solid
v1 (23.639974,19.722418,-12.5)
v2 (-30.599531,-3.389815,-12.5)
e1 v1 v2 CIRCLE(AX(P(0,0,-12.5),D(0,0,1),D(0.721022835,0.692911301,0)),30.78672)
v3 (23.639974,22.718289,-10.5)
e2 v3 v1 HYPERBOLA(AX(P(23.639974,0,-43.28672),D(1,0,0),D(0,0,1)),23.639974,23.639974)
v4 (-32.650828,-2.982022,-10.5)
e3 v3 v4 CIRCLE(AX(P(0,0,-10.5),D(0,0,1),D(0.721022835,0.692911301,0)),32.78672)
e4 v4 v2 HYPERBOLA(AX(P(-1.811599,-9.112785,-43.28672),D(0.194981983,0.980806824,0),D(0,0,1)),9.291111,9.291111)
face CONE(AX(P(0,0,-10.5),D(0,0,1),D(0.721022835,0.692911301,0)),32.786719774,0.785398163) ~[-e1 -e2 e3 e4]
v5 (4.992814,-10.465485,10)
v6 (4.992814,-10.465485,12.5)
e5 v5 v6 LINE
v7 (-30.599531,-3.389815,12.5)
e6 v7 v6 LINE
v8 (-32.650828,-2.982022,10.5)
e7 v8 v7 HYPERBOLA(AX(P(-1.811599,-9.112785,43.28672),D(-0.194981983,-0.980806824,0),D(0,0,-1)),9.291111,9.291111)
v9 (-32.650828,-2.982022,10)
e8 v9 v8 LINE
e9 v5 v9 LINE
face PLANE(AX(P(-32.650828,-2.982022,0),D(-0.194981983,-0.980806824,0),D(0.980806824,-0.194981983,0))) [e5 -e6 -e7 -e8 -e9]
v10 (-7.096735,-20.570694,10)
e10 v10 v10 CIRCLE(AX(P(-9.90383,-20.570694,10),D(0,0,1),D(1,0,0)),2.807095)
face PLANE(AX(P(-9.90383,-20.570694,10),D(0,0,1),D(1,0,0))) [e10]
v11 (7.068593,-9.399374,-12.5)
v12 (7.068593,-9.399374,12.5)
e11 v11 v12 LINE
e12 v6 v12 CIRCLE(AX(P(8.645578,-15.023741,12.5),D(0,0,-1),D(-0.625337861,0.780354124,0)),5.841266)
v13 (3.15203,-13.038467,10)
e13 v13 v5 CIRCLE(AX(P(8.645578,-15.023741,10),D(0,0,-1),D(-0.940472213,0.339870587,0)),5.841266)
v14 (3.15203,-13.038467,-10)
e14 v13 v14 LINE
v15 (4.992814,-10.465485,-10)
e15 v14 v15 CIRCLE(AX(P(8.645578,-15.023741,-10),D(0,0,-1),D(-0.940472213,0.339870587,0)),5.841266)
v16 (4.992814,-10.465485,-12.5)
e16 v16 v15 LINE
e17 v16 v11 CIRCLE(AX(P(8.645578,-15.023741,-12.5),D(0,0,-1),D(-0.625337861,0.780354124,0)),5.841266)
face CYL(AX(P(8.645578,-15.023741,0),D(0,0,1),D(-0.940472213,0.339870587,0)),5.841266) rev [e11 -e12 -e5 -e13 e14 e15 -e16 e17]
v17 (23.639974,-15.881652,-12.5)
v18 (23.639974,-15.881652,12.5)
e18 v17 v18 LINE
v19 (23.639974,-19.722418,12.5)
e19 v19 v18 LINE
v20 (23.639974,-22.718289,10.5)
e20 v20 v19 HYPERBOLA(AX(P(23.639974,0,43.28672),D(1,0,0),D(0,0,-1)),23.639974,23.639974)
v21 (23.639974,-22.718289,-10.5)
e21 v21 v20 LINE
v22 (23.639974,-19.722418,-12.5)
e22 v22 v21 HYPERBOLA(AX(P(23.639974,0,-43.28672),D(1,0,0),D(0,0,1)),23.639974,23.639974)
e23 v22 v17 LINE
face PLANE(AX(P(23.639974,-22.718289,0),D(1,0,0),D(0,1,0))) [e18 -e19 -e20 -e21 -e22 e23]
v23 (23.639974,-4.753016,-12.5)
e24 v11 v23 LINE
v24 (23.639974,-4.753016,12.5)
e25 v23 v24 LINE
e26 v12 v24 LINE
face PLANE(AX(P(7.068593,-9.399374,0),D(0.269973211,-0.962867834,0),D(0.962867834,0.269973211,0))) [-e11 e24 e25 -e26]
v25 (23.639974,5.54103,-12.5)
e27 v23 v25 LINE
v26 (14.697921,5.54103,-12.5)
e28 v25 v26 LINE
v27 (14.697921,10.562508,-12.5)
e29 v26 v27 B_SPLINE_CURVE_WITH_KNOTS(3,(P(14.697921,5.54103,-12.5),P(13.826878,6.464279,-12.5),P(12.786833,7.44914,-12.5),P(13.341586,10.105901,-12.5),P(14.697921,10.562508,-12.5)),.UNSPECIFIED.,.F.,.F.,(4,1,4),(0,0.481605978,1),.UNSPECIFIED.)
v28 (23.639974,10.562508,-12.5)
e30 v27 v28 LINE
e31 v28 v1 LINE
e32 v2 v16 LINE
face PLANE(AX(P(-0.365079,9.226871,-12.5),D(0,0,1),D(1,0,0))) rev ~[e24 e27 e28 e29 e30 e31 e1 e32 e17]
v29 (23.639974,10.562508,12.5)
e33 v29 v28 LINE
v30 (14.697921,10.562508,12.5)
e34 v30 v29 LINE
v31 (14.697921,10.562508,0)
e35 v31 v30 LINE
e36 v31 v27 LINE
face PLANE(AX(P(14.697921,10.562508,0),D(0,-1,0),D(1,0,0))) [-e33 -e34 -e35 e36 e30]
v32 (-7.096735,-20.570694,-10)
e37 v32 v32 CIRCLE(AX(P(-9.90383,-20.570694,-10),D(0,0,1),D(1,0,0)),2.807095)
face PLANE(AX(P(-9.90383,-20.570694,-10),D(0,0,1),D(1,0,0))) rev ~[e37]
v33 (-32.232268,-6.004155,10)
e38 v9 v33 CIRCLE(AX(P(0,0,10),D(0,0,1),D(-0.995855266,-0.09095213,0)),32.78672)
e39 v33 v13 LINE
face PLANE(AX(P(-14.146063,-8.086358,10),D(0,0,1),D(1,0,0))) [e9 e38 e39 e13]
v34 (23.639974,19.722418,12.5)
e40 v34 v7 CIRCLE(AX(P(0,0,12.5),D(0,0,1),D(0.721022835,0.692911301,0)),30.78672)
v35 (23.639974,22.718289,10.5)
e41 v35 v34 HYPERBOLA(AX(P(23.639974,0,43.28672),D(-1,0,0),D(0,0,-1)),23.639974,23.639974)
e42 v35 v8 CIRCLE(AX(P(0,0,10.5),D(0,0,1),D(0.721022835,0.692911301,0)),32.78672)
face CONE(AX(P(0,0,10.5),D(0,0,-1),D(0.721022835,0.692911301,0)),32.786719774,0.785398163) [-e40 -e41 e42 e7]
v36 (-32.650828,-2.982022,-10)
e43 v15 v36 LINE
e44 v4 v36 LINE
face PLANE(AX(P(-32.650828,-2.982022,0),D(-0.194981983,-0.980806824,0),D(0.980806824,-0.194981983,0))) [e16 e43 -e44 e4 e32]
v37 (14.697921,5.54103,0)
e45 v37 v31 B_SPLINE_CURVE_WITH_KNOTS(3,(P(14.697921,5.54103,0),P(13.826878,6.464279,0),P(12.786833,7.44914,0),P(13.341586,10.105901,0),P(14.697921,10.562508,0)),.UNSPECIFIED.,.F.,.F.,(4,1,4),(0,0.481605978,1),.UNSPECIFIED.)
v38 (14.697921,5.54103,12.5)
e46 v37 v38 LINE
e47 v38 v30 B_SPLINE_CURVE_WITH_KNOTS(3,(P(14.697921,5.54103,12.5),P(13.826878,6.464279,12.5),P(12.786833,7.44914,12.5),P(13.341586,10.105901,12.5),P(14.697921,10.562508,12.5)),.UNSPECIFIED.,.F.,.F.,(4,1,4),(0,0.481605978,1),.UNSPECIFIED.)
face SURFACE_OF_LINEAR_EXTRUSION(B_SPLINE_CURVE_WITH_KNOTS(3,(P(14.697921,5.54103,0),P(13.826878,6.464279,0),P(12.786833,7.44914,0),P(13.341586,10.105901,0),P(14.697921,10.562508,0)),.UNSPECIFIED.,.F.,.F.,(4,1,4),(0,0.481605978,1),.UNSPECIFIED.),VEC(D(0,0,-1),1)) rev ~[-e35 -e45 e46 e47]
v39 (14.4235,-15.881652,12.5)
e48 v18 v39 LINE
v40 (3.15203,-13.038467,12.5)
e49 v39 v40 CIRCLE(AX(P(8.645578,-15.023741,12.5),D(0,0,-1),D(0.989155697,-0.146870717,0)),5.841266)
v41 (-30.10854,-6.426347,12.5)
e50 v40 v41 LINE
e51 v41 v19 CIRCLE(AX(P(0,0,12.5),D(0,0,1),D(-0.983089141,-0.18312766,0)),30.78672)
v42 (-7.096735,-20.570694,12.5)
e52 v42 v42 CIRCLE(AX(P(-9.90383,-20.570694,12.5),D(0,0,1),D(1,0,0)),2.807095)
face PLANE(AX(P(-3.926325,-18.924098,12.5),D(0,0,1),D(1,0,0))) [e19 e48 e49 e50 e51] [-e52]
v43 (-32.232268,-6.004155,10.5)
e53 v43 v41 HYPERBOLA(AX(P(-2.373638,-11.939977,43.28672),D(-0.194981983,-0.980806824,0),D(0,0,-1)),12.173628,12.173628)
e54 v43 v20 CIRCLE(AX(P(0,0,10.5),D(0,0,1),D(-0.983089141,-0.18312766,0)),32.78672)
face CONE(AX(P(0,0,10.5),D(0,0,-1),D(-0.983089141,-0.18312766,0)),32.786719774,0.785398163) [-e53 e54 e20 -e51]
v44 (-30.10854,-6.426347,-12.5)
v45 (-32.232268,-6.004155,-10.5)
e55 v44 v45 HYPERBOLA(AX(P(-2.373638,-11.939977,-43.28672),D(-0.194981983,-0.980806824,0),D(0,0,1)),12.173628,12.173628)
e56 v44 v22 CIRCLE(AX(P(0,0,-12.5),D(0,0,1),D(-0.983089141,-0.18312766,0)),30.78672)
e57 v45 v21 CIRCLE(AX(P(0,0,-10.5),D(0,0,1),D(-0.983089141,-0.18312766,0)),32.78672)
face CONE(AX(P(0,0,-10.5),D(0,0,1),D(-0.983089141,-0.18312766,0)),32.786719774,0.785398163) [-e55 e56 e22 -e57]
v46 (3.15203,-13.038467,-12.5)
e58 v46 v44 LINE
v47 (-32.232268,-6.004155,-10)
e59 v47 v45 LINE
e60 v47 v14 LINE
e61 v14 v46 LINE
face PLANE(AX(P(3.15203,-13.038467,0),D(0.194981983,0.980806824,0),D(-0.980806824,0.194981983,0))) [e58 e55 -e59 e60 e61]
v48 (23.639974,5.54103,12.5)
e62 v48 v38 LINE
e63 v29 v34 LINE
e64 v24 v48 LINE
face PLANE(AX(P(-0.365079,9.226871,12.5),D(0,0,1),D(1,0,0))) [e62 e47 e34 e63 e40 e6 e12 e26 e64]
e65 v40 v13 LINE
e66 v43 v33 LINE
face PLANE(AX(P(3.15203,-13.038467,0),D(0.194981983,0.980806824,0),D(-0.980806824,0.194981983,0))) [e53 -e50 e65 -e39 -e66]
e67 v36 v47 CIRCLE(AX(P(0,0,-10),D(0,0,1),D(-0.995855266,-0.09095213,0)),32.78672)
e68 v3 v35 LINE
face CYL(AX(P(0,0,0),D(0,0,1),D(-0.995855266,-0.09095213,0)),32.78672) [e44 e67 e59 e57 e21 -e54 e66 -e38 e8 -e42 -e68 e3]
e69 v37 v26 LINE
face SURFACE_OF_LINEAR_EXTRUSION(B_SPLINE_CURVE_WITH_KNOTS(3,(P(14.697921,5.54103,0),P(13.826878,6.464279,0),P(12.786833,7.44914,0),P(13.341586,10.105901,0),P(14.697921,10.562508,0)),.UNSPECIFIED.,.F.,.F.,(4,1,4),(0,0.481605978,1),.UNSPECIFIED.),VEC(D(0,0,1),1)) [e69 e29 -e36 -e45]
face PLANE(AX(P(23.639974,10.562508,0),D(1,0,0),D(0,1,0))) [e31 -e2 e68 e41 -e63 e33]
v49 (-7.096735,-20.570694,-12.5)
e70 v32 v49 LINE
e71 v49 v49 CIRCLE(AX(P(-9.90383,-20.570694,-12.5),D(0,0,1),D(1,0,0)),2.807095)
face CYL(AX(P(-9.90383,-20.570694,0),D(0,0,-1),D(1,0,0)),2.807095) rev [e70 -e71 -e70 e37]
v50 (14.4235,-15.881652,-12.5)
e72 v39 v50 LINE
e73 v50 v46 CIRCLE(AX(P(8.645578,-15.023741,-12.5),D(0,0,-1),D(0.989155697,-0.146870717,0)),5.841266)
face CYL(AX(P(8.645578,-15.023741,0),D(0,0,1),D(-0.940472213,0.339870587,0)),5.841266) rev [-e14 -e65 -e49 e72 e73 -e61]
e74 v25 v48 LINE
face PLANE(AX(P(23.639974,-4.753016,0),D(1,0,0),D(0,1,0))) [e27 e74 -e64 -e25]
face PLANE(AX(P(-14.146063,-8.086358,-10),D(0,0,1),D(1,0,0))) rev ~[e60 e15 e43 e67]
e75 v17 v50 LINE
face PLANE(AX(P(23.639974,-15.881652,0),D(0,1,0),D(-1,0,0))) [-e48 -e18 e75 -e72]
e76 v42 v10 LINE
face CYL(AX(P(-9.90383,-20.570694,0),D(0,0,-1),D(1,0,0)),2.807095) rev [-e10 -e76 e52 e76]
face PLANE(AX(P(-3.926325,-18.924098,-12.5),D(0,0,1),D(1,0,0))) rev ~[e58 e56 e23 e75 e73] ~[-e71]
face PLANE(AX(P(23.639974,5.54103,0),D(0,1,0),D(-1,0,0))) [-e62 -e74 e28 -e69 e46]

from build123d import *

# Parameters (mm, degrees)
F1_DEPTH      = 12.5
F1_DEPTH_BACK = 12.5
F0_R          = 2.8070950027
F2_DEPTH      = 10
F2_DEPTH_BACK = 10
F3_DEPTH      = 10
F3_DEPTH_BACK = 10
F4_SIZE       = 2


with BuildPart() as f1:
    # F0 (on Top) → F1 (new body, two sides)
    with BuildSketch(Plane.XY) as f1_sk:
        with BuildLine():
            Line((23.6399736516, 10.5625083831), (23.6399736516, 22.7182886664))
            ThreePointArc((23.6399736516, 22.7182886664), (-13.6170982298, 29.8252180206), (-32.6508275376, -2.9820220135))
            Line((-32.6508275376, -2.9820220135), (4.9928135947, -10.4654852259))
            ThreePointArc((4.9928135947, -10.4654852259), (5.9769233021, -9.8277169412), (7.0685930008, -9.3993741227))
            Line((7.0685930008, -9.3993741227), (23.6399736516, -4.7530159354))
            Line((23.6399736516, -4.7530159354), (23.6399736516, 5.5410303175))
            Line((23.6399736516, 5.5410303175), (14.6979210516, 5.5410303175))
            add(Edge.make_bspline(
                [(14.6979210516, 5.5410303175), (13.8268778101, 6.4642787911), (12.7868333876, 7.4491397486), (13.3415861205, 10.1059010181), (14.6979210516, 10.5625083831)],
                knots=[0, 0, 0, 0, 0.4816059779, 1, 1, 1, 1], degree=3))
            Line((14.6979210516, 10.5625083831), (23.6399736516, 10.5625083831))
        make_face()
    extrude(amount=F1_DEPTH)
    extrude(f1_sk.sketch, amount=-F1_DEPTH_BACK)



with BuildPart() as f1b:
    # F0 (on Top) → F1, piece 2 (new body, two sides)
    with BuildSketch(Plane.XY) as f1_2_sk:
        with BuildLine():
            ThreePointArc((-32.2322682046, -6.0041552748), (-9.3966720268, -31.4113283546), (23.6399736516, -22.7182886664))
            Line((23.6399736516, -22.7182886664), (23.6399736516, -15.8816520533))
            Line((23.6399736516, -15.8816520533), (14.4234997289, -15.8816520533))
            ThreePointArc((14.4234997289, -15.8816520533), (7.2168926216, -20.6875953396), (3.1520300545, -13.0384666845))
            Line((3.1520300545, -13.0384666845), (-32.2322682046, -6.0041552748))
        make_face()
        with Locations((-9.9038304761, -20.5706935376)):
            Circle(F0_R, mode=Mode.SUBTRACT)
    extrude(amount=F1_DEPTH)
    extrude(f1_2_sk.sketch, amount=-F1_DEPTH_BACK)


with BuildPart() as f1_1:
    add(f1.part)

    add(f1b.part)  # F2 merges F1b
    # F0 (on Top) → F2 (join, two sides)
    with BuildSketch(Plane.XY) as f2_sk:
        with BuildLine():
            Line((4.9928135947, -10.4654852259), (-32.6508275376, -2.9820220135))
            ThreePointArc((-32.6508275376, -2.9820220135), (-32.4767201336, -4.4979599312), (-32.2322682046, -6.0041552748))
            Line((-32.2322682046, -6.0041552748), (3.1520300545, -13.0384666845))
            ThreePointArc((3.1520300545, -13.0384666845), (3.8949132368, -11.6249813025), (4.9928135947, -10.4654852259))
        make_face()
    extrude(amount=F2_DEPTH)
    extrude(f2_sk.sketch, amount=-F2_DEPTH_BACK)

    # F0 (on Top) → F3 (join, two sides)
    with BuildSketch(Plane.XY) as f3_sk:
        with Locations((-9.9038304761, -20.5706935376)):
            Circle(F0_R)
    extrude(amount=F3_DEPTH)
    extrude(f3_sk.sketch, amount=-F3_DEPTH_BACK)

    # F4
    f4_edges = [f1_1.edges().sort_by_distance(p)[0] for p in [
        (-13.617098, 29.825218, 12.5),
        (-9.396672, -31.411328, 12.5),
        (-13.617098, 29.825218, -12.5),
        (-9.396672, -31.411328, -12.5),
    ]]
    chamfer(f4_edges, length=F4_SIZE)


solid = f1_1.part
